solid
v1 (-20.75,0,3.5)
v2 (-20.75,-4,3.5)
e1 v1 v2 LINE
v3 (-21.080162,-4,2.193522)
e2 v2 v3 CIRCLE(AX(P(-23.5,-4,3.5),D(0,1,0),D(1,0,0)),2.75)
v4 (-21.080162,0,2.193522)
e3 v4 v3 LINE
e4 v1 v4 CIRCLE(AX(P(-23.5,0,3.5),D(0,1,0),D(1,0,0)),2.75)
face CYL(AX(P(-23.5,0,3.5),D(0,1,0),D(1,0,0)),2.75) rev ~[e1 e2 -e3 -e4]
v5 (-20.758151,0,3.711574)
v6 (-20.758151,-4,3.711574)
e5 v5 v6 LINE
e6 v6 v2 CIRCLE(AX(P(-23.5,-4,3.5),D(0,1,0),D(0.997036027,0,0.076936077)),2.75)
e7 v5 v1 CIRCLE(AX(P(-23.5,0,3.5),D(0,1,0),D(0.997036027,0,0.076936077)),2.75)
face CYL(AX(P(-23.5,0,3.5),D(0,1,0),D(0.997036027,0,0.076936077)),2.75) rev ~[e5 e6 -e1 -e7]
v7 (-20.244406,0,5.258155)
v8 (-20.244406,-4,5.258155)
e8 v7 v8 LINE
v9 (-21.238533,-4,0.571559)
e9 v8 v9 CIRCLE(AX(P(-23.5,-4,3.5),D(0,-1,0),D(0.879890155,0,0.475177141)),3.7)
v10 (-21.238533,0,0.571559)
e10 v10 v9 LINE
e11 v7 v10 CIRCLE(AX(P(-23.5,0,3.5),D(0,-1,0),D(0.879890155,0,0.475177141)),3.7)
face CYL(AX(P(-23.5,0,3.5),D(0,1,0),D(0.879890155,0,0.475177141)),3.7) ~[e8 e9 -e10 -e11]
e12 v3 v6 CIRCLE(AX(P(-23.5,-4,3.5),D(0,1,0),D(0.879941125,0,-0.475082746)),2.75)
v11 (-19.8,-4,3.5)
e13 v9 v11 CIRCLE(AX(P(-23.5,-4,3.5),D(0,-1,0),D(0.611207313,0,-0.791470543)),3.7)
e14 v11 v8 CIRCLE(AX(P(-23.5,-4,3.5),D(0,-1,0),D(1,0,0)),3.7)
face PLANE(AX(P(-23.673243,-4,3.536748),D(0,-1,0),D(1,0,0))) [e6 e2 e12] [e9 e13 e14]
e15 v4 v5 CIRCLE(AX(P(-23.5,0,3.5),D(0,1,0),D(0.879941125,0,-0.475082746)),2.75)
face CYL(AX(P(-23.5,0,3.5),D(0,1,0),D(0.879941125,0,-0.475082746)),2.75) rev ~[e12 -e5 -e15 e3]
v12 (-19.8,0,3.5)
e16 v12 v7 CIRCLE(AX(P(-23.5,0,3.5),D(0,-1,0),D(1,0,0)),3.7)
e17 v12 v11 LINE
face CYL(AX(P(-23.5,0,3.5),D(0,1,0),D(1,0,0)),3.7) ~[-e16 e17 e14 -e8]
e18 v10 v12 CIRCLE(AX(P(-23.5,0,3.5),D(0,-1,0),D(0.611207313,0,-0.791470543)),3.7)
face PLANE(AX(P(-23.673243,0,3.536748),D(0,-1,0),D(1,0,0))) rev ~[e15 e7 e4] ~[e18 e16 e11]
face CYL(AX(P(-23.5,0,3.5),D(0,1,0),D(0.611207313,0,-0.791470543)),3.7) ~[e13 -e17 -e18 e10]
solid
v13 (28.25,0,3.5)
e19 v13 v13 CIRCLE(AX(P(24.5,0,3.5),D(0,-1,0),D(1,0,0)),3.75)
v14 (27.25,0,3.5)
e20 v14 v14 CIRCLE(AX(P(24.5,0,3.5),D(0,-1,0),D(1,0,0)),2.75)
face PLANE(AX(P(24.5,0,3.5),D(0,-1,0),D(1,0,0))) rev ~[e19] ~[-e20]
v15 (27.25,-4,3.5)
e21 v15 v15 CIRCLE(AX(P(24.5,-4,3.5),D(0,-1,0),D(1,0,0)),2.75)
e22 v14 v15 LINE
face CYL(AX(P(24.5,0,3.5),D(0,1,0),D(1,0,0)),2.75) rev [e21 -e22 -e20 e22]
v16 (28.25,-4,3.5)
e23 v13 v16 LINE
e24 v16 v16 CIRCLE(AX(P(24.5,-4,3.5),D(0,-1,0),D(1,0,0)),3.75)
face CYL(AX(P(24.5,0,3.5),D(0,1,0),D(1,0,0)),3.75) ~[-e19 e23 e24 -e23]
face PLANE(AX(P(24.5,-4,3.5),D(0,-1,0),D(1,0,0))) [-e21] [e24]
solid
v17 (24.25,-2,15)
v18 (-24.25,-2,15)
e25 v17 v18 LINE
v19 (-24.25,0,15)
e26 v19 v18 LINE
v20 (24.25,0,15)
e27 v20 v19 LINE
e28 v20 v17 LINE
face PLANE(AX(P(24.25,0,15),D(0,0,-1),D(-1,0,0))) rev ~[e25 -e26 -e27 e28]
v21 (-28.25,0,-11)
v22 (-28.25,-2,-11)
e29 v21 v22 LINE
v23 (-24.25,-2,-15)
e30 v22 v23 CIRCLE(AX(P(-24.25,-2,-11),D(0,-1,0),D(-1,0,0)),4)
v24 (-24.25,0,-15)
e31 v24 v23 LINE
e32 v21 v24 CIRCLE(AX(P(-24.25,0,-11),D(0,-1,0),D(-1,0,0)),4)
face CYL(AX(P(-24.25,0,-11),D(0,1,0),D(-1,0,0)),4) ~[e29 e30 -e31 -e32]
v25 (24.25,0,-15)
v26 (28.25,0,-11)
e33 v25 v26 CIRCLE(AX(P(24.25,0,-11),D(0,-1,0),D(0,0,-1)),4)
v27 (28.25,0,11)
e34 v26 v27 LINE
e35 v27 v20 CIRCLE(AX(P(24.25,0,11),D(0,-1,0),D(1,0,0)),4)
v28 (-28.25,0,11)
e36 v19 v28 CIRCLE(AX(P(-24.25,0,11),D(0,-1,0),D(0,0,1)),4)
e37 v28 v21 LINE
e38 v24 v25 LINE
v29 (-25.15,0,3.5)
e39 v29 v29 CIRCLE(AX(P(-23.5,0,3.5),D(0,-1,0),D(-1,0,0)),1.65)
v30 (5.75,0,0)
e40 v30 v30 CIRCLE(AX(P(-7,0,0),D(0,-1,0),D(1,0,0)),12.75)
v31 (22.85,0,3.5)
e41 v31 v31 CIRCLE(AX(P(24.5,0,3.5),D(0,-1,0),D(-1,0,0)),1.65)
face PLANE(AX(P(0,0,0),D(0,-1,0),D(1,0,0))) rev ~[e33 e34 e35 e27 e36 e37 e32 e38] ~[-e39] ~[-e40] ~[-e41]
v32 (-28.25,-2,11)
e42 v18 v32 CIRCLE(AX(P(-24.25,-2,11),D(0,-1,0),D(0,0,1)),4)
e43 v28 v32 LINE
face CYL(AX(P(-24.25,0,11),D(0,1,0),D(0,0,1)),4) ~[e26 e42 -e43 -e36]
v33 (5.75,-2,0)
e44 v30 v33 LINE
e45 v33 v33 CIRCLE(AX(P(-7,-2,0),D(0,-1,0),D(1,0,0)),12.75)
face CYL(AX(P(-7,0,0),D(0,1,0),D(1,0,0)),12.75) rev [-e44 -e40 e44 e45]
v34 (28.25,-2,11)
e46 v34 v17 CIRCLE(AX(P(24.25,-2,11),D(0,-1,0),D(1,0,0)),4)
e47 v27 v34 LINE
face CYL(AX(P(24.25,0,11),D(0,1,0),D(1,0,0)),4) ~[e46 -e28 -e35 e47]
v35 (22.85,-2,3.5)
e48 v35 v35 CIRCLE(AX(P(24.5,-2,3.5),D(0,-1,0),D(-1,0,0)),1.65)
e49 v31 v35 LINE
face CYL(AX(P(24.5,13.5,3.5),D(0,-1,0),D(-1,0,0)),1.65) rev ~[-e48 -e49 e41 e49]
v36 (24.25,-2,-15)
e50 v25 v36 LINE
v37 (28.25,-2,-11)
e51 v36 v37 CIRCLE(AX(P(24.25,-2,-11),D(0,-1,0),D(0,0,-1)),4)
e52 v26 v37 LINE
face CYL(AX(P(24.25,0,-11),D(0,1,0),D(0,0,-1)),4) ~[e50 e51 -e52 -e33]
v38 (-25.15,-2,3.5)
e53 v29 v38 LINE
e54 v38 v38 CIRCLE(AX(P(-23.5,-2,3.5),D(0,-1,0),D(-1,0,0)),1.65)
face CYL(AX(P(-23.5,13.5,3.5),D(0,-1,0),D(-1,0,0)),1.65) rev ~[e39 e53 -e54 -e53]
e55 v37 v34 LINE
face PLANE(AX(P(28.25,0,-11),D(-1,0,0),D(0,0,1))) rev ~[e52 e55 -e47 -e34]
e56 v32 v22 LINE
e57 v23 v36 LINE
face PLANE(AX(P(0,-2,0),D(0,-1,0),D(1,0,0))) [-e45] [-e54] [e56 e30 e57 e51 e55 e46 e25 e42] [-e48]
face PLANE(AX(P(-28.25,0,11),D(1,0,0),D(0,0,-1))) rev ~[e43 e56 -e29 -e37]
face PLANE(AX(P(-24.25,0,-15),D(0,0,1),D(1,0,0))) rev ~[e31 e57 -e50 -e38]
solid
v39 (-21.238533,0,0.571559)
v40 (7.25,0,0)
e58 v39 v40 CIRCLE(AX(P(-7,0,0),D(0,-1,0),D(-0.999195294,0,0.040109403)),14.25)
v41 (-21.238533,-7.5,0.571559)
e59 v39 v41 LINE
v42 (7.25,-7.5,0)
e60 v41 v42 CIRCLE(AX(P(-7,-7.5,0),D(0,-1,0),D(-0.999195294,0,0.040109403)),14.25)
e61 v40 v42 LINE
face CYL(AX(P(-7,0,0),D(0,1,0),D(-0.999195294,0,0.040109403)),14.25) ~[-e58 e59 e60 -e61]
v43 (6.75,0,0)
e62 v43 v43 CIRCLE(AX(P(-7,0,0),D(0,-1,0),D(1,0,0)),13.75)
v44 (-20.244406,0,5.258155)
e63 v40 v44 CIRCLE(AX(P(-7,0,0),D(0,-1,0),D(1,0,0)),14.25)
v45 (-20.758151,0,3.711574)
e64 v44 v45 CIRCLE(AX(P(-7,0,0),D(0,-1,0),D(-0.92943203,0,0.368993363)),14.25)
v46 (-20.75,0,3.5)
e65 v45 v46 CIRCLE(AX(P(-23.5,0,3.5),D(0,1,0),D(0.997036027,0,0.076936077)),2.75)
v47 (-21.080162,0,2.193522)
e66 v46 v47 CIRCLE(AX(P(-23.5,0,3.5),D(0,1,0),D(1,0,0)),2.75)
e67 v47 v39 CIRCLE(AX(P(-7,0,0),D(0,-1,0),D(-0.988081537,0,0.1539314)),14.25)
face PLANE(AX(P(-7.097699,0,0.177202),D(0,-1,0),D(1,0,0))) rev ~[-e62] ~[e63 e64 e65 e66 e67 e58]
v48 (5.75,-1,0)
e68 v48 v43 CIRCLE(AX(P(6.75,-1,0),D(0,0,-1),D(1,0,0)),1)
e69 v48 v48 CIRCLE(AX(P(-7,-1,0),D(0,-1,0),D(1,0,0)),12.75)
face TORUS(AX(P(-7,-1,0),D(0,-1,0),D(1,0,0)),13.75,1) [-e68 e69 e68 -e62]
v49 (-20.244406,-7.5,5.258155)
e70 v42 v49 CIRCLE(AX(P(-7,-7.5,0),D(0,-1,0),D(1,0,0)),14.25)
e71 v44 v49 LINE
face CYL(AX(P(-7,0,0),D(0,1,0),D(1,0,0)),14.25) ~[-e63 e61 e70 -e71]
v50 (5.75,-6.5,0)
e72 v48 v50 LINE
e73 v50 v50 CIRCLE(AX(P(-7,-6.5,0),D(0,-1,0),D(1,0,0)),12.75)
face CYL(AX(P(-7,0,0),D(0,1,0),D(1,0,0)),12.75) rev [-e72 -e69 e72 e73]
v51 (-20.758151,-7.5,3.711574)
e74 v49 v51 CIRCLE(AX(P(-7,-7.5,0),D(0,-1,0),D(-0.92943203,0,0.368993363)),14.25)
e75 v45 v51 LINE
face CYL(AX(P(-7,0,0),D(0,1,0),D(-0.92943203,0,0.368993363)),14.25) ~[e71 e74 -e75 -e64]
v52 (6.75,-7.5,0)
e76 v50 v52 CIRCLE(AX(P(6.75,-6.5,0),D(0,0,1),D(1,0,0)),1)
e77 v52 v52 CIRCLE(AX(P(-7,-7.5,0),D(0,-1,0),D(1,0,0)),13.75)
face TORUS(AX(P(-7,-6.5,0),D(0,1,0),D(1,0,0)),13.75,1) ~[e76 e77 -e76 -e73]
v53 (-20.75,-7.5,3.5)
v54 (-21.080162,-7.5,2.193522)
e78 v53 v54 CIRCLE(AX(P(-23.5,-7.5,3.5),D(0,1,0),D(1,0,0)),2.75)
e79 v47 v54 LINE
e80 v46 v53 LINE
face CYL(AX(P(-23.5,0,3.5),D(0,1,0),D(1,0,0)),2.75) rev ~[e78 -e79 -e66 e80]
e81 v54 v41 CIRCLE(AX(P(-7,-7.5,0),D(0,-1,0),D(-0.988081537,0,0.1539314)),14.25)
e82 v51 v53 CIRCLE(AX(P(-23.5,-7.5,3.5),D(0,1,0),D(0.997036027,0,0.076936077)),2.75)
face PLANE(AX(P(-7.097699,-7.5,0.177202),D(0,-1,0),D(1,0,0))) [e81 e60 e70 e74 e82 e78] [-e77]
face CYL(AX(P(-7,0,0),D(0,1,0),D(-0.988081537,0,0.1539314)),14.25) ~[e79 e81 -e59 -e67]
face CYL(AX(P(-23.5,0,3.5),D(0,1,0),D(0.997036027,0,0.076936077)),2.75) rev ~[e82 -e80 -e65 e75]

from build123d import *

# Parameters (mm, degrees)
F1_DEPTH = 4
F0_R     = 3.75
F0_R_2   = 2.75
F0_R_3   = 12.75
F2_DEPTH = 7.5
F3_R     = 1
F4_DEPTH = 2
F5_D     = 3.3
F5_DEPTH = 13.5
F5_TIP   = 0.9914200214


with BuildPart() as f1:
    # F0 (on Front) → F1 (new body)
    with BuildSketch(Plane.XZ):
        with BuildLine():
            ThreePointArc((-20.7581509246, 3.7115742128), (-20.5234057924, 4.4922150187), (-20.244406426, 5.2581554201))
            ThreePointArc((-20.244406426, 5.2581554201), (-27.1194662629, 4.2677655709), (-21.2385329413, 0.5715589912))
            ThreePointArc((-21.2385329413, 0.5715589912), (-21.1825530428, 1.3848065524), (-21.080161905, 2.193522448))
            ThreePointArc((-21.080161905, 2.193522448), (-26.190143844, 4.070636573), (-20.7581509246, 3.7115742128))
        make_face()
        with BuildLine():
            ThreePointArc((-19.8, 3.5), (-19.9128217062, 4.4067259168), (-20.244406426, 5.2581554201))
            ThreePointArc((-20.244406426, 5.2581554201), (-20.5234057924, 4.4922150187), (-20.7581509246, 3.7115742128))
            ThreePointArc((-20.7581509246, 3.7115742128), (-20.7520384867, 3.6058655811), (-20.75, 3.5))
            ThreePointArc((-20.75, 3.5), (-20.8338178268, 2.8262250974), (-21.080161905, 2.193522448))
            ThreePointArc((-21.080161905, 2.193522448), (-21.1825530428, 1.3848065524), (-21.2385329413, 0.5715589912))
            ThreePointArc((-21.2385329413, 0.5715589912), (-20.1790492237, 1.868655174), (-19.8, 3.5))
        make_face()
    extrude(amount=F1_DEPTH)


with BuildPart() as f1b:
    # F0 (on Front) → F1, piece 2 (new body)
    with BuildSketch(Plane.XZ):
        with Locations((24.5, 3.5)):
            Circle(F0_R)
        with Locations((24.5, 3.5)):
            Circle(F0_R_2, mode=Mode.SUBTRACT)
    extrude(amount=F1_DEPTH)


with BuildPart() as f2:
    # F0 (on Front) → F2 (new body)
    with BuildSketch(Plane.XZ):
        with BuildLine():
            ThreePointArc((-21.2385329413, 0.5715589912), (-7.285837005, -14.2471329469), (7.25, 0))
            ThreePointArc((7.25, 0), (-4.3232754691, 13.996344015), (-20.244406426, 5.2581554201))
            ThreePointArc((-20.244406426, 5.2581554201), (-19.9128217062, 4.4067259168), (-19.8, 3.5))
            ThreePointArc((-19.8, 3.5), (-20.1790492237, 1.868655174), (-21.2385329413, 0.5715589912))
        make_face()
        with Locations((-7, 0)):
            Circle(F0_R_3, mode=Mode.SUBTRACT)
        with BuildLine():
            ThreePointArc((-19.8, 3.5), (-19.9128217062, 4.4067259168), (-20.244406426, 5.2581554201))
            ThreePointArc((-20.244406426, 5.2581554201), (-20.5234057924, 4.4922150187), (-20.7581509246, 3.7115742128))
            ThreePointArc((-20.7581509246, 3.7115742128), (-20.7520384867, 3.6058655811), (-20.75, 3.5))
            ThreePointArc((-20.75, 3.5), (-20.8338178268, 2.8262250974), (-21.080161905, 2.193522448))
            ThreePointArc((-21.080161905, 2.193522448), (-21.1825530428, 1.3848065524), (-21.2385329413, 0.5715589912))
            ThreePointArc((-21.2385329413, 0.5715589912), (-20.1790492237, 1.868655174), (-19.8, 3.5))
        make_face()
    extrude(amount=F2_DEPTH)

    # F3
    f3_edges = [f2.edges().sort_by_distance(p)[0] for p in [
        (-19.75, -7.5, 0),
        (-19.75, 0, 0),
    ]]
    fillet(f3_edges, radius=F3_R)


with BuildPart() as f4:
    # F0 (on Front) → F4 (new body)
    with BuildSketch(Plane.XZ):
        with BuildLine():
            Line((-24.25, -15), (24.25, -15))
            ThreePointArc((24.25, -15), (27.0784271247, -13.8284271247), (28.25, -11))
            Line((28.25, -11), (28.25, 3.5))
            Line((28.25, 3.5), (28.25, 11))
            ThreePointArc((28.25, 11), (27.0784271247, 13.8284271247), (24.25, 15))
            Line((24.25, 15), (-24.25, 15))
            ThreePointArc((-24.25, 15), (-27.0784271247, 13.8284271247), (-28.25, 11))
            Line((-28.25, 11), (-28.25, -11))
            ThreePointArc((-28.25, -11), (-27.0784271247, -13.8284271247), (-24.25, -15))
        make_face()
        with BuildLine():
            ThreePointArc((-20.244406426, 5.2581554201), (-4.3232754691, 13.996344015), (7.25, 0))
            ThreePointArc((7.25, 0), (-7.285837005, -14.2471329469), (-21.2385329413, 0.5715589912))
            ThreePointArc((-21.2385329413, 0.5715589912), (-27.1194662629, 4.2677655709), (-20.244406426, 5.2581554201))
        make_face(mode=Mode.SUBTRACT)
        with Locations((24.5, 3.5)):
            Circle(F0_R, mode=Mode.SUBTRACT)
        with BuildLine():
            ThreePointArc((-21.080161905, 2.193522448), (-20.9398362827, 2.9569349691), (-20.7581509246, 3.7115742128))
            ThreePointArc((-20.7581509246, 3.7115742128), (-26.190143844, 4.070636573), (-21.080161905, 2.193522448))
        make_face()
        with Locations((24.5, 3.5)):
            Circle(F0_R)
        with Locations((24.5, 3.5)):
            Circle(F0_R_2, mode=Mode.SUBTRACT)
        with BuildLine():
            ThreePointArc((-20.7581509246, 3.7115742128), (-20.5234057924, 4.4922150187), (-20.244406426, 5.2581554201))
            ThreePointArc((-20.244406426, 5.2581554201), (-27.1194662629, 4.2677655709), (-21.2385329413, 0.5715589912))
            ThreePointArc((-21.2385329413, 0.5715589912), (-21.1825530428, 1.3848065524), (-21.080161905, 2.193522448))
            ThreePointArc((-21.080161905, 2.193522448), (-26.190143844, 4.070636573), (-20.7581509246, 3.7115742128))
        make_face()
        with BuildLine():
            ThreePointArc((-19.8, 3.5), (-19.9128217062, 4.4067259168), (-20.244406426, 5.2581554201))
            ThreePointArc((-20.244406426, 5.2581554201), (-20.5234057924, 4.4922150187), (-20.7581509246, 3.7115742128))
            ThreePointArc((-20.7581509246, 3.7115742128), (-20.7520384867, 3.6058655811), (-20.75, 3.5))
            ThreePointArc((-20.75, 3.5), (-20.8338178268, 2.8262250974), (-21.080161905, 2.193522448))
            ThreePointArc((-21.080161905, 2.193522448), (-21.1825530428, 1.3848065524), (-21.2385329413, 0.5715589912))
            ThreePointArc((-21.2385329413, 0.5715589912), (-20.1790492237, 1.868655174), (-19.8, 3.5))
        make_face()
        with BuildLine():
            ThreePointArc((-20.75, 3.5), (-20.7520384867, 3.6058655811), (-20.7581509246, 3.7115742128))
            ThreePointArc((-20.7581509246, 3.7115742128), (-20.9398362827, 2.9569349691), (-21.080161905, 2.193522448))
            ThreePointArc((-21.080161905, 2.193522448), (-20.8338178268, 2.8262250974), (-20.75, 3.5))
        make_face()
        with BuildLine():
            ThreePointArc((-21.2385329413, 0.5715589912), (-7.285837005, -14.2471329469), (7.25, 0))
            ThreePointArc((7.25, 0), (-4.3232754691, 13.996344015), (-20.244406426, 5.2581554201))
            ThreePointArc((-20.244406426, 5.2581554201), (-19.9128217062, 4.4067259168), (-19.8, 3.5))
            ThreePointArc((-19.8, 3.5), (-20.1790492237, 1.868655174), (-21.2385329413, 0.5715589912))
        make_face()
        with Locations((-7, 0)):
            Circle(F0_R_3, mode=Mode.SUBTRACT)
        with Locations((24.5, 3.5)):
            Circle(F0_R_2)
    extrude(amount=F4_DEPTH)

    # F5
    with Locations(Plane(origin=(0, 0, 0), x_dir=(1, 0, 0), z_dir=(0, 1, 0))):
        with Locations((24.5, -3.5), (-23.5, -3.5)):
            Hole(F5_D / 2, depth=F5_DEPTH)
            with Locations((0, 0, -(F5_DEPTH + F5_TIP / 2))):  # 118° drill point
                Cone(0, F5_D / 2, F5_TIP, mode=Mode.SUBTRACT)


solid = Compound([f1.part, f1b.part, f2.part, f4.part])
